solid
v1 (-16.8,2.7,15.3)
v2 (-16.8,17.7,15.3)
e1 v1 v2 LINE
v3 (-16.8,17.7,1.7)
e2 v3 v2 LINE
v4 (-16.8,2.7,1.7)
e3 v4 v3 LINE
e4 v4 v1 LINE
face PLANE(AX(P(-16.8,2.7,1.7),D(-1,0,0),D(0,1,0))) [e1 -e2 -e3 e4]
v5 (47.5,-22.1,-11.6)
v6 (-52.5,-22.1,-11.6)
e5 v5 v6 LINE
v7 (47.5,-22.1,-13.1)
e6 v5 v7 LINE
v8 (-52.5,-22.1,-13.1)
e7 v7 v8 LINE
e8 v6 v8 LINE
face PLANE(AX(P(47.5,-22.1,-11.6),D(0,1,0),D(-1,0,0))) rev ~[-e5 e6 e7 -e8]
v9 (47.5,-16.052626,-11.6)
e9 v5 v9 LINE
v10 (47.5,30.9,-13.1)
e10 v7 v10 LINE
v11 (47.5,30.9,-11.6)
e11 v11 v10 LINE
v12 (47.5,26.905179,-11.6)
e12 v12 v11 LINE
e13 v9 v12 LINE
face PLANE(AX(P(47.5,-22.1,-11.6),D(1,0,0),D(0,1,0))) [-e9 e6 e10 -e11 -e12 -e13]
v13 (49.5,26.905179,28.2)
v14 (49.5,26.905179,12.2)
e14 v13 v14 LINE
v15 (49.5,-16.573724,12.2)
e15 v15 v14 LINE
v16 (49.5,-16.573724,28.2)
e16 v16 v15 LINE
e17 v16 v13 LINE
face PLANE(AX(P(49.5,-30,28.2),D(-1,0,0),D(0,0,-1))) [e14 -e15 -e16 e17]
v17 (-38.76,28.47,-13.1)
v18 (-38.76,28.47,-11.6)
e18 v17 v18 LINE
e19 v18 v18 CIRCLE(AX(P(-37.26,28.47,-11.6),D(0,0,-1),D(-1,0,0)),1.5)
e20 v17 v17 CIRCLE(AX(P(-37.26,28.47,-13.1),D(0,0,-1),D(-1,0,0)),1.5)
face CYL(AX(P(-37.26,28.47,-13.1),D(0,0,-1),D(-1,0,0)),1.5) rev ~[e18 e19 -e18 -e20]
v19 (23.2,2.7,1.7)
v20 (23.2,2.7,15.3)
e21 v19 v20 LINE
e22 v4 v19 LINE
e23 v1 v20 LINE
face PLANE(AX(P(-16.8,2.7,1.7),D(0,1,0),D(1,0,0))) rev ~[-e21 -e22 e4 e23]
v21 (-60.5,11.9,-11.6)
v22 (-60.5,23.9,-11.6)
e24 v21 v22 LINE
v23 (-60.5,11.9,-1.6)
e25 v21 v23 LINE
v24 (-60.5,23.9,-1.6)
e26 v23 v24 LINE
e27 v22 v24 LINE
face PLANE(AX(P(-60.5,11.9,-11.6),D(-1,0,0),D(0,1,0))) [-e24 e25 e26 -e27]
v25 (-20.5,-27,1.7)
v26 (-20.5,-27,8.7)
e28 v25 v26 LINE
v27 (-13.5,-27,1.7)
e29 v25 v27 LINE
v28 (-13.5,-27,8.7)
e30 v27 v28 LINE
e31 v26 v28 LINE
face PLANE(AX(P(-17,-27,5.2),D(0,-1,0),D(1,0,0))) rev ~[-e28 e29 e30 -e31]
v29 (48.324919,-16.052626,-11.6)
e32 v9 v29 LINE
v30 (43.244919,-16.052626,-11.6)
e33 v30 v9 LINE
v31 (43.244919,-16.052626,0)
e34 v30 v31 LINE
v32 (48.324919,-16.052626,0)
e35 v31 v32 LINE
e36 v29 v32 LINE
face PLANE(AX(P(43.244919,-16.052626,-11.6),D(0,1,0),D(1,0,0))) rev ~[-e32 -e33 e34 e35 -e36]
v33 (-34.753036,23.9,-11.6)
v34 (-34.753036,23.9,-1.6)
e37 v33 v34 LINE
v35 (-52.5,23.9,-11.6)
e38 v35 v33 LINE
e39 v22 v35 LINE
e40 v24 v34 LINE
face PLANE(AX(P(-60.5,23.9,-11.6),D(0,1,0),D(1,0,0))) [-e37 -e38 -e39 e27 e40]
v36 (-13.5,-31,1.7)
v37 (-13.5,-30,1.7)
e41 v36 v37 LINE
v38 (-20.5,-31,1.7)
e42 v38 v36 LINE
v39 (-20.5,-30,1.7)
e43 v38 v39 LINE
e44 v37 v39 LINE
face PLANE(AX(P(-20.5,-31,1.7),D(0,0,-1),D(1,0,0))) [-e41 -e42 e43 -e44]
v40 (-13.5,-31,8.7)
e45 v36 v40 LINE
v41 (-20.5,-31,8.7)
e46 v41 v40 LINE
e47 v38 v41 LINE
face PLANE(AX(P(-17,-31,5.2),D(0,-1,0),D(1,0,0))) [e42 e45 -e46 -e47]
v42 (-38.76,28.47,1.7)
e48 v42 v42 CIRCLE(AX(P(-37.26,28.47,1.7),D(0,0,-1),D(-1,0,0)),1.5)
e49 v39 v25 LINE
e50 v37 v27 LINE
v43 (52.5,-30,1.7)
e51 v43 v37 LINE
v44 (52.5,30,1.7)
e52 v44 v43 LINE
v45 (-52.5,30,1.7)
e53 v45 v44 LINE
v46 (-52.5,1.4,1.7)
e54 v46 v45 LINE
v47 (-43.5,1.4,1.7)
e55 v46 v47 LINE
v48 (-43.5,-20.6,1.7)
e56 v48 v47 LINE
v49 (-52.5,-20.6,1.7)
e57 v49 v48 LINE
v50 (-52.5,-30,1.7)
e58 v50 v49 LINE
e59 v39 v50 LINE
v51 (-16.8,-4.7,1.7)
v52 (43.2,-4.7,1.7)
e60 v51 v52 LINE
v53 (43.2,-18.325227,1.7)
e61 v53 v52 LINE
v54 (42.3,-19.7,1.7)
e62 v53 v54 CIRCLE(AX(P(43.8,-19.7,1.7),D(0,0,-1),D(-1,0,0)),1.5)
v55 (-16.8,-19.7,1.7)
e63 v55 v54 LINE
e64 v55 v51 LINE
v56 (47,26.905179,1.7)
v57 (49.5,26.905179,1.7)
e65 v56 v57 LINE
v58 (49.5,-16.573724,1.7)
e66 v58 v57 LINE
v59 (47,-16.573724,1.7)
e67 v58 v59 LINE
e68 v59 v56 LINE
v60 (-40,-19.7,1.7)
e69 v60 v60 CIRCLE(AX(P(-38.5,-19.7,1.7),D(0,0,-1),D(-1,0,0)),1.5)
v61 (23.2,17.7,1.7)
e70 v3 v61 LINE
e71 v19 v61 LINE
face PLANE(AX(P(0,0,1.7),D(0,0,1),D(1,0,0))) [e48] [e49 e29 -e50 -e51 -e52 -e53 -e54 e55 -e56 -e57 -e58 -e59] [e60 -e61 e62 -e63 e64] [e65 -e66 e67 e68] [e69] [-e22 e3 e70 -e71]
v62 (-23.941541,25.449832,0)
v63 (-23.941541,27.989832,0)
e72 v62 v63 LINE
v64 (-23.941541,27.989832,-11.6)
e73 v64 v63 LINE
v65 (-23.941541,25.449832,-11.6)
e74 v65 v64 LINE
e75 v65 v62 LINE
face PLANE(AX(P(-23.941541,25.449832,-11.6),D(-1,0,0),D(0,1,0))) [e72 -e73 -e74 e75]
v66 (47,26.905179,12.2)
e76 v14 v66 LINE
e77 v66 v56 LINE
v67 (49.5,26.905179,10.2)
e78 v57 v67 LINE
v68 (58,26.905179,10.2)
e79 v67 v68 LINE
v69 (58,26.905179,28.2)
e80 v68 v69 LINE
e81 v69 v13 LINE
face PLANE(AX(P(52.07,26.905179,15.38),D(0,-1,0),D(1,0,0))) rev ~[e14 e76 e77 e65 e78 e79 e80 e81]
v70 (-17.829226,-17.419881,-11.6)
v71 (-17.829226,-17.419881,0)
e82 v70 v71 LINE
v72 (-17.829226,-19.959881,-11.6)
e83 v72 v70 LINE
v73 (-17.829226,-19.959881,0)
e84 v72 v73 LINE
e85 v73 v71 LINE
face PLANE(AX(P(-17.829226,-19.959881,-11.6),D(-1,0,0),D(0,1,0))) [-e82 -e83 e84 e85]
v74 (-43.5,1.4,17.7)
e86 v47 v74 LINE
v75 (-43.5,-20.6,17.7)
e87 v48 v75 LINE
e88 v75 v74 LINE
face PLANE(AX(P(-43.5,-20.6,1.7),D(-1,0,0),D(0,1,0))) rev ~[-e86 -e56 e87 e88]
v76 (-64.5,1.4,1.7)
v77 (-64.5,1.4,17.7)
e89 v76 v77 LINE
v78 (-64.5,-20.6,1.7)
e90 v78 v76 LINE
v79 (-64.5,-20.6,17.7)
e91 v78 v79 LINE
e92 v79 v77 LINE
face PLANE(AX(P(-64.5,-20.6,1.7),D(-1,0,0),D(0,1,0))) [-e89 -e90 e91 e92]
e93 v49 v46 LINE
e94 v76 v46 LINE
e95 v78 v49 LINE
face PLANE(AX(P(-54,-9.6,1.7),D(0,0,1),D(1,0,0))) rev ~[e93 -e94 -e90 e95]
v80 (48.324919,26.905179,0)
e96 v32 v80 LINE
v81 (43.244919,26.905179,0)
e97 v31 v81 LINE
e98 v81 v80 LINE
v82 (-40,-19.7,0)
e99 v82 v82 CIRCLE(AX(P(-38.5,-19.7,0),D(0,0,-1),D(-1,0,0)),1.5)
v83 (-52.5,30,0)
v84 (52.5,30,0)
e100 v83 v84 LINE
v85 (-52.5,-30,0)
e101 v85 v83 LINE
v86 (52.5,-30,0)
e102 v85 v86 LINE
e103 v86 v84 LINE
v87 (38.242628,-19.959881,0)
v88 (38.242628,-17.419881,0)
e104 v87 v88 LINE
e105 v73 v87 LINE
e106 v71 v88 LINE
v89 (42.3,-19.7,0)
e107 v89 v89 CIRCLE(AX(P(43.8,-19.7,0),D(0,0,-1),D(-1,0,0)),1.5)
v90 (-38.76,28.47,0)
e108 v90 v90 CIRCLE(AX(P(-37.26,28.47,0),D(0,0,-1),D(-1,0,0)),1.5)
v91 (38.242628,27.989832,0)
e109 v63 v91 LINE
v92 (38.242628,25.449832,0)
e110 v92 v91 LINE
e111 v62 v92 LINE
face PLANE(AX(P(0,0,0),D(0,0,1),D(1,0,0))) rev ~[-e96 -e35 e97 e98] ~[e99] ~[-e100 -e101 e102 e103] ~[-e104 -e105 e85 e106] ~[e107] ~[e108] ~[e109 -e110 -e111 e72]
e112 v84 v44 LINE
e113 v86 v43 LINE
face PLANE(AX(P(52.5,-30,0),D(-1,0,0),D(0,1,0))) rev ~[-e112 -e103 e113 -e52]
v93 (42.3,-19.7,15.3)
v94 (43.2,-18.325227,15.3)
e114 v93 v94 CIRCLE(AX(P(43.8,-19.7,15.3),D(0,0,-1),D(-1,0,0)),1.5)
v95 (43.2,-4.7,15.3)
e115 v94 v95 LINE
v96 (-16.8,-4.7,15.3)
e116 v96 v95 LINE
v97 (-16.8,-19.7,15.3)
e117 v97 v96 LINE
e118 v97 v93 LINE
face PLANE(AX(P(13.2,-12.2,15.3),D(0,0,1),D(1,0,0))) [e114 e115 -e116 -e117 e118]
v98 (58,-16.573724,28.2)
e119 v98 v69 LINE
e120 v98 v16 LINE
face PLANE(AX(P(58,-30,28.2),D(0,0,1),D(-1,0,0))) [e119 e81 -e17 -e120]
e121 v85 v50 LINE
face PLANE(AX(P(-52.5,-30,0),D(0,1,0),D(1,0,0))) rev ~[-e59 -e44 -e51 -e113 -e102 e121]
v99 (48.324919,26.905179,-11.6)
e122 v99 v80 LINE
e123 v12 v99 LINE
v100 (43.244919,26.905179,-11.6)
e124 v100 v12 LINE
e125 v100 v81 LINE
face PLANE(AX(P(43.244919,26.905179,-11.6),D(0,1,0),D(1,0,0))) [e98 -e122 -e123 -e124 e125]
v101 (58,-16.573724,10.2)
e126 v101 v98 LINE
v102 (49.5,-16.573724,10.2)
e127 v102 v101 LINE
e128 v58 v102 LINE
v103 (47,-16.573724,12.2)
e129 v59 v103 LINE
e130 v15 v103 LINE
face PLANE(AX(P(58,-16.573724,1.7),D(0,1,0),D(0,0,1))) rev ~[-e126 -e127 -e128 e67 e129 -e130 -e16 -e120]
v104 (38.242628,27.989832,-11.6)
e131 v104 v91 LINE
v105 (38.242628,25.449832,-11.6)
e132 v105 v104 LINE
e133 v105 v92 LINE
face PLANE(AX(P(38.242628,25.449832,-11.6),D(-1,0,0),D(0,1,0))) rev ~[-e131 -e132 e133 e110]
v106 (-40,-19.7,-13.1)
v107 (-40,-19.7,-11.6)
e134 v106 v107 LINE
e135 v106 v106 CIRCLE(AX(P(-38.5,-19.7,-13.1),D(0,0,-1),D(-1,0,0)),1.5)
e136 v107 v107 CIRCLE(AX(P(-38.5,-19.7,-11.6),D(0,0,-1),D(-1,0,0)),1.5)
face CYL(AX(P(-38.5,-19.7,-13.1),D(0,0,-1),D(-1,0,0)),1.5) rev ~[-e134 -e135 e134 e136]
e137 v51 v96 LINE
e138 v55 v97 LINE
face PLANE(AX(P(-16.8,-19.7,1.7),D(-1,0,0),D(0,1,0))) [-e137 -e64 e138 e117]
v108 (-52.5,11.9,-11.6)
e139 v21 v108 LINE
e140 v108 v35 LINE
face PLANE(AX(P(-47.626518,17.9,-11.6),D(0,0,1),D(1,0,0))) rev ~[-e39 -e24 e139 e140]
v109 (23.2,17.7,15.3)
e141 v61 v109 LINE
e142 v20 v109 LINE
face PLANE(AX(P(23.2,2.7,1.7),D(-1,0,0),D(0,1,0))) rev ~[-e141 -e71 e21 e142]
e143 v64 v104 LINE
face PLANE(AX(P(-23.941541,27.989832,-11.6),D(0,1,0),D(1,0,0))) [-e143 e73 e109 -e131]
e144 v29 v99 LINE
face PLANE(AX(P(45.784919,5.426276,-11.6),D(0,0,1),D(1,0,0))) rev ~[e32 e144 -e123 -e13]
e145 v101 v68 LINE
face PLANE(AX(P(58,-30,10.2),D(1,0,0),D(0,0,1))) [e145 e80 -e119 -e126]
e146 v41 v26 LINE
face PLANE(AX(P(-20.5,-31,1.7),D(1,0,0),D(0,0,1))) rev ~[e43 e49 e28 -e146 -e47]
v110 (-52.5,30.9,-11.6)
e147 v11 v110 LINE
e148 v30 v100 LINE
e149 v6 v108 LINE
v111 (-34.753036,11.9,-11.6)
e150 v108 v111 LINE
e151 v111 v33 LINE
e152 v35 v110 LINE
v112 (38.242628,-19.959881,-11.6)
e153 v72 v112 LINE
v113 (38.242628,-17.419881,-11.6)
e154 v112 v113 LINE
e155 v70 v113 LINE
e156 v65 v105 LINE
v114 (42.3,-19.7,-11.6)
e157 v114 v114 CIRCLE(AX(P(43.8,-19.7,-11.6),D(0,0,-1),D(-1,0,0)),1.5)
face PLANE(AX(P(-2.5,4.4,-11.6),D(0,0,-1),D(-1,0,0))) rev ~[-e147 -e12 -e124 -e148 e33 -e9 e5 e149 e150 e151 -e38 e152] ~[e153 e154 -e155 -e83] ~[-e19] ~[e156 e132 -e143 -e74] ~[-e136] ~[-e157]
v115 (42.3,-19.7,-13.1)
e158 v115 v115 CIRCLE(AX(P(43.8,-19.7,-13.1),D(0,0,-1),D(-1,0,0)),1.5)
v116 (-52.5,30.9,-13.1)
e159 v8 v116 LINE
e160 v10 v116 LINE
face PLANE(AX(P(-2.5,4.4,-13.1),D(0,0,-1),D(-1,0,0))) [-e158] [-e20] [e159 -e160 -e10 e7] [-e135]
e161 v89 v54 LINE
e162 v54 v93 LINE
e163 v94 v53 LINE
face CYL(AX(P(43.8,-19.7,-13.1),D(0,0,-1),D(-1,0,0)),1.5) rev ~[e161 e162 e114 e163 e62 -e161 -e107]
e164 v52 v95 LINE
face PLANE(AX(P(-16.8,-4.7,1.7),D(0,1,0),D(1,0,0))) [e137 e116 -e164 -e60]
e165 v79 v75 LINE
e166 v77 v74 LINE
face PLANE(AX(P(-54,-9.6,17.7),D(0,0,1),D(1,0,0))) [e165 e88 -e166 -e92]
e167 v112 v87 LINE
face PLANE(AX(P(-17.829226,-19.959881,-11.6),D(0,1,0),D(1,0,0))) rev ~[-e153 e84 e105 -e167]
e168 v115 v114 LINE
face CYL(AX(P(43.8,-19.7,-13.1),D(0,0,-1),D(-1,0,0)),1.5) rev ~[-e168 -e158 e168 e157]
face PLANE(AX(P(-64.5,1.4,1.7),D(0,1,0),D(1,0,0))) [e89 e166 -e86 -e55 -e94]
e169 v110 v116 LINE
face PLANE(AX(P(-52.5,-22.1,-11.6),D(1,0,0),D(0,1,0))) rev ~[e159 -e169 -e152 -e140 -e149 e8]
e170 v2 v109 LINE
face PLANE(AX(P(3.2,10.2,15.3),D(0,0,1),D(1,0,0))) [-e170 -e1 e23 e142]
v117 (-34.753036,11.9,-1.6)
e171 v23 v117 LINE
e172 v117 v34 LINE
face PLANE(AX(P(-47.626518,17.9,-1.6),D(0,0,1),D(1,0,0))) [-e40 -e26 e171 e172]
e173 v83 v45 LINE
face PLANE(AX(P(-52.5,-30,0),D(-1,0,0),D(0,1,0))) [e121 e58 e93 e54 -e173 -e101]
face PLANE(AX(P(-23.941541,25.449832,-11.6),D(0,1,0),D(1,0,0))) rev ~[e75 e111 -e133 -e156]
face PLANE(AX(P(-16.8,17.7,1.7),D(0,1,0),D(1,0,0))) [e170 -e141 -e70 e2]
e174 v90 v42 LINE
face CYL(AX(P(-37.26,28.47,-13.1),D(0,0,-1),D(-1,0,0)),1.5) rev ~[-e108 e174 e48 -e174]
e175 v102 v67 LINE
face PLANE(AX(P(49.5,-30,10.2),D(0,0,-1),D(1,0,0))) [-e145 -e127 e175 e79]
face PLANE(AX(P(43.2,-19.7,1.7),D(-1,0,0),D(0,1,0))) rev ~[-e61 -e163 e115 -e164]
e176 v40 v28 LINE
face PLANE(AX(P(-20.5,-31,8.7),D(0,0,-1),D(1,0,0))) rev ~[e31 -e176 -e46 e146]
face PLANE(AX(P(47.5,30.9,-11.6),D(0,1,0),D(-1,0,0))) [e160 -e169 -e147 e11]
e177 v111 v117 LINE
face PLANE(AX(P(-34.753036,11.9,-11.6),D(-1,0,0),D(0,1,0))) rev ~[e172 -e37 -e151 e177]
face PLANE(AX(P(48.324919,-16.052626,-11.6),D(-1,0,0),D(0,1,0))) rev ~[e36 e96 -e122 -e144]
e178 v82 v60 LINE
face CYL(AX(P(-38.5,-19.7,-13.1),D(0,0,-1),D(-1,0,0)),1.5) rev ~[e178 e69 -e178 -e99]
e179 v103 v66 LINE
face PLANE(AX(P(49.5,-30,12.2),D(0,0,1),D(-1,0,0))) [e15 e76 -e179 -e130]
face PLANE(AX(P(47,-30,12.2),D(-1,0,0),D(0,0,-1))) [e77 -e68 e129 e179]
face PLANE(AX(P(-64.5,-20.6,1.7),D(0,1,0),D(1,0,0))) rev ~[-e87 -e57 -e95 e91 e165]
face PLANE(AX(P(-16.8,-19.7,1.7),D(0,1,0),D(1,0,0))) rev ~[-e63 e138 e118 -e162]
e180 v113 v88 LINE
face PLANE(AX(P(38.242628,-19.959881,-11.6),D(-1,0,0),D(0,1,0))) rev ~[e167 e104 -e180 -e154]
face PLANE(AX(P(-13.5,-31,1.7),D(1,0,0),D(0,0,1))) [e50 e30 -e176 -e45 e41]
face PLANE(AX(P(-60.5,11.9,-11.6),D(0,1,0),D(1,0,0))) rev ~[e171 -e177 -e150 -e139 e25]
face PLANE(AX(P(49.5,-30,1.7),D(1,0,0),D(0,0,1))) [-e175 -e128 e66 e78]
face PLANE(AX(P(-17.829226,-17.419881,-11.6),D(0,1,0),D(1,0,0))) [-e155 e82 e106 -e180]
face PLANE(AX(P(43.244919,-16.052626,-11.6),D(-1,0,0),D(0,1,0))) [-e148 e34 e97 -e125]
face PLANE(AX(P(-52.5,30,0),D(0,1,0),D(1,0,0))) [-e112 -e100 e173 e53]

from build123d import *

# Parameters (mm, degrees)
ESBO_O1_W                 = 105
ESBO_O1_H                 = 60
RESSALTO_EXTRUS_O1_DEPTH  = 1.7
ESBO_O2_W                 = 60
ESBO_O2_H                 = 15
ESBO_O2_W_2               = 40
RESSALTO_EXTRUS_O2_DEPTH  = 13.6
RESSALTO_EXTRUS_O6_START  = 11.6
ESBO_O3_W                 = 100
ESBO_O3_H                 = 53
RESSALTO_EXTRUS_O6_DEPTH  = 1.5
ESBO_O4_W                 = 62.184169383
ESBO_O4_H                 = 2.54
ESBO_O4_W_2               = 5.08
ESBO_O4_H_2               = 42.957805244
ESBO_O4_W_3               = 56.07185462
RESSALTO_EXTRUS_O8_DEPTH  = 11.6
ESBO_O6_W                 = 21
ESBO_O6_H                 = 22
RESSALTO_EXTRUS_O9_DEPTH  = 16
ESBO_O7_W                 = 25.746964405
ESBO_O7_H                 = 12
RESSALTO_EXTRUS_O10_DEPTH = 10
ESBO_O8_R                 = 1.5
CORTE_EXTRUS_O1_DEPTH     = 31.8
RESSALTO_EXTRUS_O11_DEPTH = 56.905179
CORTE_EXTRUS_O2_DEPTH     = 11
RESSALTO_EXTRUS_O12_START = 1
ESBO_O12_W                = 7
ESBO_O12_H                = 7
RESSALTO_EXTRUS_O12_DEPTH = 4


with BuildPart() as part:
    # Esboço1 → Ressalto-extrusão1 (new body)
    with BuildSketch(Plane.XY):
        Rectangle(ESBO_O1_W, ESBO_O1_H)
    extrude(amount=RESSALTO_EXTRUS_O1_DEPTH)

    # Esboço2 → Ressalto-extrusão2 (add)
    with BuildSketch(Plane.XY.offset(1.7)):
        with Locations((13.2, -12.2)):
            Rectangle(ESBO_O2_W, ESBO_O2_H)
        with Locations((3.2, 10.2)):
            Rectangle(ESBO_O2_W_2, ESBO_O2_H)
    extrude(amount=RESSALTO_EXTRUS_O2_DEPTH)



with BuildPart() as body_2:
    # Esboço3 → Ressalto-extrusão6 (new body)
    with BuildSketch(Plane(origin=(0, 0, 0), x_dir=(-1, 0, 0), z_dir=(0, 0, -1)).offset(RESSALTO_EXTRUS_O6_START)):
        with Locations((2.5, 4.4)):
            Rectangle(ESBO_O3_W, ESBO_O3_H)
    extrude(amount=RESSALTO_EXTRUS_O6_DEPTH)


with BuildPart() as part_1:
    add(part.part)

    add(body_2.part)  # Ressalto-extrusão8 merges body 2
    # Esboço4 → Ressalto-extrusão8 (add)
    with BuildSketch(Plane.XY.offset(-11.6)):
        with Locations((7.150543675, 26.719832293)):
            Rectangle(ESBO_O4_W, ESBO_O4_H)
        with Locations((45.784919315, 5.42627648)):
            Rectangle(ESBO_O4_W_2, ESBO_O4_H_2)
        with Locations((10.206701056, -18.689881399)):
            Rectangle(ESBO_O4_W_3, ESBO_O4_H)
    extrude(amount=RESSALTO_EXTRUS_O8_DEPTH)

    # Esboço6 → Ressalto-extrusão9 (add)
    with BuildSketch(Plane.XY.offset(1.7)):
        with Locations((-54, -9.6)):
            Rectangle(ESBO_O6_W, ESBO_O6_H)
    extrude(amount=RESSALTO_EXTRUS_O9_DEPTH)

    # Esboço7 → Ressalto-extrusão10 (add)
    with BuildSketch(Plane.XY.offset(-11.6)):
        with Locations((-47.626517798, 17.9)):
            Rectangle(ESBO_O7_W, ESBO_O7_H)
    extrude(amount=RESSALTO_EXTRUS_O10_DEPTH)

    # Esboço8 → Corte-extrusão1 (cut, through all)
    with BuildSketch(Plane(origin=(0, 0, -13.1), x_dir=(-1, 0, 0), z_dir=(0, 0, -1))):
        with Locations((37.26, 28.47)):
            Circle(ESBO_O8_R)
        with Locations((38.5, -19.7)):
            Circle(ESBO_O8_R)
        with Locations((-43.8, -19.7)):
            Circle(ESBO_O8_R)
    extrude(amount=-CORTE_EXTRUS_O1_DEPTH, mode=Mode.SUBTRACT)

    # Esboço9 → Ressalto-extrusão11 (add)
    with BuildSketch(Plane.XZ.offset(30)):
        Polygon((49.5, 1.7), (49.5, 10.2), (58, 10.2), (58, 28.2), (49.5, 28.2), (49.5, 12.2), (47, 12.2), (47, 1.7), align=None)
    extrude(amount=-RESSALTO_EXTRUS_O11_DEPTH)

    # Esboço10 → Corte-extrusão2 (cut)
    with BuildSketch(Plane(origin=(58, 0, 0), x_dir=(0, 0, -1), z_dir=(1, 0, 0))):
        Polygon((-10.2, -16.57372352), (-28.2, -16.57372352), (-28.2, -30), (-1.7, -30), (-1.7, -16.57372352), align=None)
    extrude(amount=-CORTE_EXTRUS_O2_DEPTH, mode=Mode.SUBTRACT)

    # Esboço12 → Ressalto-extrusão12 (add)
    with BuildSketch(Plane.XZ.offset(30).offset(RESSALTO_EXTRUS_O12_START)):
        with Locations((-17, 5.2)):
            Rectangle(ESBO_O12_W, ESBO_O12_H)
    extrude(amount=-RESSALTO_EXTRUS_O12_DEPTH)


solid = part_1.part
